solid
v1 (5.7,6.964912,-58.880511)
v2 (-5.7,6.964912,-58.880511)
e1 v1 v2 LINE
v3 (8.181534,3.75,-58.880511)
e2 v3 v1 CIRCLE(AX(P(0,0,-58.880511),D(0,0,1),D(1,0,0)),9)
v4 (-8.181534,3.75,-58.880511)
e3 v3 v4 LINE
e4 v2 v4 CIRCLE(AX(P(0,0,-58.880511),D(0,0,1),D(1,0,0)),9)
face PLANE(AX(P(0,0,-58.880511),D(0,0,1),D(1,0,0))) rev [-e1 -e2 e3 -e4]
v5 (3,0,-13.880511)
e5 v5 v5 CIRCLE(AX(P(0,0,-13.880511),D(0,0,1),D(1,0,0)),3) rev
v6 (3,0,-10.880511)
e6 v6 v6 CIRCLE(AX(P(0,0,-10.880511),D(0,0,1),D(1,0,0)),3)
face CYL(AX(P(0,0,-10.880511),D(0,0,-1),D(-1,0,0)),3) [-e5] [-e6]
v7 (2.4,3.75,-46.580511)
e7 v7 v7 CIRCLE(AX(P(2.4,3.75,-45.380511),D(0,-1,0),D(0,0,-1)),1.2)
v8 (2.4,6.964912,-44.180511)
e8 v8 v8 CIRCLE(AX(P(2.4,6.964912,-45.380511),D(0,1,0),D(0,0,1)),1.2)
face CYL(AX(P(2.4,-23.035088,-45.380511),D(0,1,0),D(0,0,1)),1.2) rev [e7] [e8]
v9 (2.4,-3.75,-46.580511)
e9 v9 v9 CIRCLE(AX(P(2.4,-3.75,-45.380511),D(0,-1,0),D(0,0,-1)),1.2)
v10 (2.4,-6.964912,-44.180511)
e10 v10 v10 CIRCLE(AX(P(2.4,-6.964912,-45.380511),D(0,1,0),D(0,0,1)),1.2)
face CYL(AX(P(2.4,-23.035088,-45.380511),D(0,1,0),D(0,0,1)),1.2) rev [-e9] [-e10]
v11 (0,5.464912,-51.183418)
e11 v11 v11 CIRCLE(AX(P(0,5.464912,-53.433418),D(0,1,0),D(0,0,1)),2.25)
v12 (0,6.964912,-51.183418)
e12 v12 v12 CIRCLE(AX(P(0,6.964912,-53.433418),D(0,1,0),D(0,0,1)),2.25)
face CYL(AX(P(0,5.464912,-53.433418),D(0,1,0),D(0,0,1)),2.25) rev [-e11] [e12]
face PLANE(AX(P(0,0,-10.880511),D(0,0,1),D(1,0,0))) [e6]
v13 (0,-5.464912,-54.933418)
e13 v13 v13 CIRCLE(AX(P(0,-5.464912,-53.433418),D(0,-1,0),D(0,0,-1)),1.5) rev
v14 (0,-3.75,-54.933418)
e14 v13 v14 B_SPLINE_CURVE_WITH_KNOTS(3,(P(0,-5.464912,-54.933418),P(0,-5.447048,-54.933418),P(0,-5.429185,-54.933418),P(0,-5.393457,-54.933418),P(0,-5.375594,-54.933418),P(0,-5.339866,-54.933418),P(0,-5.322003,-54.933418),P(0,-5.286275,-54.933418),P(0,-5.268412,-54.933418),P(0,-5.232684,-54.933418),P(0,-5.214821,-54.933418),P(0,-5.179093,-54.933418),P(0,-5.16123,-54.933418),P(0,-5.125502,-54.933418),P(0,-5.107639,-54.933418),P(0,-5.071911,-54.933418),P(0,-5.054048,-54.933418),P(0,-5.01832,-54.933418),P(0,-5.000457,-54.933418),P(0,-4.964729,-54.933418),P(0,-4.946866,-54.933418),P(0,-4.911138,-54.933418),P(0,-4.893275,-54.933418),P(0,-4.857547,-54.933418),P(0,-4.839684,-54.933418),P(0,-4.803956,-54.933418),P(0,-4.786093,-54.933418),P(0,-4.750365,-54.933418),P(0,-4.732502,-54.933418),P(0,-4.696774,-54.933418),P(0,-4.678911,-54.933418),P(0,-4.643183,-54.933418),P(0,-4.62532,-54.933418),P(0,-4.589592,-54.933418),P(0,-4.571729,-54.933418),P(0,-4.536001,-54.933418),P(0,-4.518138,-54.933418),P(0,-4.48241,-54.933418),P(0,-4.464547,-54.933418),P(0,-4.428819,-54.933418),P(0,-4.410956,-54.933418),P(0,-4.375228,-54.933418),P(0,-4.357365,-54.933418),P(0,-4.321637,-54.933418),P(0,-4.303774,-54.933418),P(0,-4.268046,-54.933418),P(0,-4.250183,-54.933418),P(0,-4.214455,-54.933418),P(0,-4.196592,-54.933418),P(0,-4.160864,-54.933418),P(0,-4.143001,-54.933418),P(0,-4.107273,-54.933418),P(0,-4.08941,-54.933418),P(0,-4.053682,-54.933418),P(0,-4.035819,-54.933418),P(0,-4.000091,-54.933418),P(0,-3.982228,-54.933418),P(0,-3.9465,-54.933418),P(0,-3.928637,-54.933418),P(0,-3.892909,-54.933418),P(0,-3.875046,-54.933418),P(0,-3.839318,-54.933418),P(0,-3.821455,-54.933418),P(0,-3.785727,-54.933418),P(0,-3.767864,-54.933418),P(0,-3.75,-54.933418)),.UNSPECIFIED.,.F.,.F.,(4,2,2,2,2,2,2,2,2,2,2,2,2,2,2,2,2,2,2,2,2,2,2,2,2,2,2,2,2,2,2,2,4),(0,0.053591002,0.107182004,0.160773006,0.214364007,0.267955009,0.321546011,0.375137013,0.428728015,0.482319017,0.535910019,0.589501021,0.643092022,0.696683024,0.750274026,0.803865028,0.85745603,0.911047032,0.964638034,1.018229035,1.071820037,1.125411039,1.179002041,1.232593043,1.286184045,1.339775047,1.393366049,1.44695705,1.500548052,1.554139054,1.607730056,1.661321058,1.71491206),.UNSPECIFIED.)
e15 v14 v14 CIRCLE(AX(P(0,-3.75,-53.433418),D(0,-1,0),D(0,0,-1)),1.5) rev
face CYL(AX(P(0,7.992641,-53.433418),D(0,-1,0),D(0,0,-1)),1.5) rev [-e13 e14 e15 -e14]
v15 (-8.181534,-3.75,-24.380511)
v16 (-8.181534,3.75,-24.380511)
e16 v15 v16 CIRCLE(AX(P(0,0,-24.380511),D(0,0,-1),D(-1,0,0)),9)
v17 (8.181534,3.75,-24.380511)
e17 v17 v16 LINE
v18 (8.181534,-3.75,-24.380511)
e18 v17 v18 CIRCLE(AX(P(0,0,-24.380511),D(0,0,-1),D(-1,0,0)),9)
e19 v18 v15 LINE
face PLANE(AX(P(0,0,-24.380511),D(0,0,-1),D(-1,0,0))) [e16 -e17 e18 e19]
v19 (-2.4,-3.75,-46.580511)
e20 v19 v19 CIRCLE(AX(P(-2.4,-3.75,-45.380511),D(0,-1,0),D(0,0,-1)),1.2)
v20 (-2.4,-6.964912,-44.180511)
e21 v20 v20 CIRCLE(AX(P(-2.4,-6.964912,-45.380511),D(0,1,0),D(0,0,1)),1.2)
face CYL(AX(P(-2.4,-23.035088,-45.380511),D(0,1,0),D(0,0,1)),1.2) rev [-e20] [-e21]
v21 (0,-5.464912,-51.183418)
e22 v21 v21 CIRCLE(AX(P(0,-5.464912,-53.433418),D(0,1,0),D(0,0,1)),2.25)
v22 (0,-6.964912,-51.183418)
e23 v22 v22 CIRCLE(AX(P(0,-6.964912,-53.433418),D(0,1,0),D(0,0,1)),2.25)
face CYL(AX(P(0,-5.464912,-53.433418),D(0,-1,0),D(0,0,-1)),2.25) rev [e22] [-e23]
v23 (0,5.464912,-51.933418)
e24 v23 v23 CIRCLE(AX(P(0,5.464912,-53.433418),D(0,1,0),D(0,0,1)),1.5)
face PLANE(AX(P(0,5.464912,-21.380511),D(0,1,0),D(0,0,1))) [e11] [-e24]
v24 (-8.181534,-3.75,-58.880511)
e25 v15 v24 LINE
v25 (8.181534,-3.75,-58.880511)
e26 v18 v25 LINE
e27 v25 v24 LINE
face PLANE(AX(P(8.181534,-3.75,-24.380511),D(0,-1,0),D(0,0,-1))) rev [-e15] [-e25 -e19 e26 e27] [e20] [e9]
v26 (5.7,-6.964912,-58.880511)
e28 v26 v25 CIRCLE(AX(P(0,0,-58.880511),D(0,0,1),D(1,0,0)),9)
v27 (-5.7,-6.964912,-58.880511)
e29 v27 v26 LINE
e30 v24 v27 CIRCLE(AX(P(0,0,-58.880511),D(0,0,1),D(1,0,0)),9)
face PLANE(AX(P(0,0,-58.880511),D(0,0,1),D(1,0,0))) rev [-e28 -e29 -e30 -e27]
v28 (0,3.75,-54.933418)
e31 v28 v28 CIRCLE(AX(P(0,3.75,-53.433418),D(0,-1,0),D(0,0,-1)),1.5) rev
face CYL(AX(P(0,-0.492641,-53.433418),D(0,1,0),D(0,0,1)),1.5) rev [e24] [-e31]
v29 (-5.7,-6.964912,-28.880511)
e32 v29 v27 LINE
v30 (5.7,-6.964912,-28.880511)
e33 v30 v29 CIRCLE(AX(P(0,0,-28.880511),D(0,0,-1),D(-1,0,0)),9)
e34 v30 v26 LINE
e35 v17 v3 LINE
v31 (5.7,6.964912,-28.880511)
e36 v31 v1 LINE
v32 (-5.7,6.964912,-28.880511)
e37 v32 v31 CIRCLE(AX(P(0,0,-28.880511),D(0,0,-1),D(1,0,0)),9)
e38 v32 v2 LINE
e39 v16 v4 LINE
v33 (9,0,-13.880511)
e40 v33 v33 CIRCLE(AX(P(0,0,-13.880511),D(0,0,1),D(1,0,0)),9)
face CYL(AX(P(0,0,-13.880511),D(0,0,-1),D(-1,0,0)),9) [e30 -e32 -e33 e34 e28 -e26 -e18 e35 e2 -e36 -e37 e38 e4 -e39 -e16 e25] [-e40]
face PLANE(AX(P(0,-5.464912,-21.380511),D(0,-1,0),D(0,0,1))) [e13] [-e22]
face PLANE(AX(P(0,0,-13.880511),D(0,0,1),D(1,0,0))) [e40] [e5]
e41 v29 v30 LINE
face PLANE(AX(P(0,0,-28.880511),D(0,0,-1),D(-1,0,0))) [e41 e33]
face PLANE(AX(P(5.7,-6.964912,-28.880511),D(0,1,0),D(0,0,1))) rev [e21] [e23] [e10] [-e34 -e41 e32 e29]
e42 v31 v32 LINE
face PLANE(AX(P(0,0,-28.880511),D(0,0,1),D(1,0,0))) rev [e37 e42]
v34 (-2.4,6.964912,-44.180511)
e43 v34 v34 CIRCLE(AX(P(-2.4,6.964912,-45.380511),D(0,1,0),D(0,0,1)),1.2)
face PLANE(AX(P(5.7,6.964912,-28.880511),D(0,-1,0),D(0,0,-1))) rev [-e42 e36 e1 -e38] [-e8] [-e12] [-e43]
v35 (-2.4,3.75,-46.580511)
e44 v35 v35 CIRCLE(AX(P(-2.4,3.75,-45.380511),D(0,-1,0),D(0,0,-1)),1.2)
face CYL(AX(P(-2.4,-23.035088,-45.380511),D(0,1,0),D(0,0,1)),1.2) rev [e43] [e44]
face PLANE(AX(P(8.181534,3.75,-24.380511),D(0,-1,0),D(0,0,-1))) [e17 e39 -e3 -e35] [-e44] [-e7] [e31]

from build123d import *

# Parameters (mm, degrees)
IZIM1_R                     = 30
IZIM1_R_2                   = 10
Y_KSEKLIK_EKSTR_ZYON2_DEPTH = 25
IZIM1_4_R                   = 10
Y_KSEKLIK_EKSTR_ZYON3_DEPTH = 35
Y_KSEKLIK_EKSTR_ZYON4_START = -125
IZIM1_5_R                   = 30
IZIM1_5_R_2                 = 10
Y_KSEKLIK_EKSTR_ZYON4_DEPTH = 125
IZIM3_W                     = 54.543560574
IZIM3_H                     = 25
KES_EKSTR_ZYON1_DEPTH       = 115
KES_EKSTR_ZYON2_DEPTH       = 100
IZIM5_R                     = 4
KES_EKSTR_ZYON3_DEPTH       = 100
KES_EKSTR_ZYON4_DEPTH       = 5
KES_EKSTR_ZYON5_DEPTH       = 35.716373532
L_EK1_SCALE                 = 0.3


with BuildPart() as part:
    # Çizim1 → Yükseklik-Ekstrüzyon2 (new body)
    # profile 1 of 2: a face of its own
    with BuildSketch(Plane.XY):
        Circle(IZIM1_R)
        Circle(IZIM1_R_2, mode=Mode.SUBTRACT)
    # profile 2 of 2: a face of its own
    with BuildSketch(Plane.XY):
        Circle(IZIM1_R_2)
    extrude(amount=Y_KSEKLIK_EKSTR_ZYON2_DEPTH)

    # Çizim1<4> → Yükseklik-Ekstrüzyon3 (add)
    with BuildSketch(Plane.XY):
        Circle(IZIM1_4_R)
    extrude(amount=Y_KSEKLIK_EKSTR_ZYON3_DEPTH)

    # Çizim1<5> → Yükseklik-Ekstrüzyon4 (add)
    # profile 1 of 2: a face of its own
    with BuildSketch(Plane.XY.offset(Y_KSEKLIK_EKSTR_ZYON4_START)):
        Circle(IZIM1_5_R)
        Circle(IZIM1_5_R_2, mode=Mode.SUBTRACT)
    # profile 2 of 2: a face of its own
    with BuildSketch(Plane.XY.offset(Y_KSEKLIK_EKSTR_ZYON4_START)):
        Circle(IZIM1_5_R_2)
    extrude(amount=Y_KSEKLIK_EKSTR_ZYON4_DEPTH)

    # Çizim3 → Kes-Ekstrüzyon1 (cut)
    with BuildSketch(Plane(origin=(0, 0, -125), x_dir=(-1, 0, 0), z_dir=(0, 0, -1))):
        Rectangle(IZIM3_W, IZIM3_H)
        with BuildLine():
            Line((-27.271780287, -12.5), (-27.271780287, 12.5))
            ThreePointArc((-27.271780287, 12.5), (-30, 0), (-27.271780287, -12.5))
        make_face()
        with BuildLine():
            ThreePointArc((27.271780287, -12.5), (30, 0), (27.271780287, 12.5))
            Line((27.271780287, 12.5), (27.271780287, -12.5))
        make_face()
    extrude(amount=-KES_EKSTR_ZYON1_DEPTH, mode=Mode.SUBTRACT)

    # Çizim4 → Kes-Ekstrüzyon2 (cut)
    with BuildSketch(Plane(origin=(0, 0, -125), x_dir=(-1, 0, 0), z_dir=(0, 0, -1))):
        with BuildLine():
            Line((-19, 23.216373532), (19, 23.216373532))
            ThreePointArc((19, 23.216373532), (0, 30), (-19, 23.216373532))
        make_face()
        with BuildLine():
            Line((-19, -23.216373532), (19, -23.216373532))
            ThreePointArc((19, -23.216373532), (0, -30), (-19, -23.216373532))
        make_face()
    extrude(amount=-KES_EKSTR_ZYON2_DEPTH, mode=Mode.SUBTRACT)

    # Çizim5 → Kes-Ekstrüzyon3 (cut)
    with BuildSketch(Plane(origin=(0, 23.216373532, 0), x_dir=(1, 0, 0), z_dir=(0, 1, 0))):
        with Locations(Location((-8, 80, 0), (0, 0, 270))):
            Circle(IZIM5_R)
        with Locations(Location((8, 80, 0), (0, 0, 270))):
            Circle(IZIM5_R)
    extrude(amount=-KES_EKSTR_ZYON3_DEPTH, mode=Mode.SUBTRACT)

    # Çizim6 → Kes-Ekstrüzyon4 (cut)
    with BuildSketch(Plane(origin=(0, 23.216373532, 0), x_dir=(1, 0, 0), z_dir=(0, 1, 0))):
        with BuildLine():
            ThreePointArc((5, 106.843021333), (3.535533906, 110.378555239), (0, 111.843021333))
            Line((0, 111.843021333), (0, 101.843021333))
            ThreePointArc((0, 101.843021333), (3.535533906, 103.307487427), (5, 106.843021333))
        make_face()
        with BuildLine():
            Line((0, 101.843021333), (0, 111.843021333))
            ThreePointArc((0, 111.843021333), (-5, 106.843021333), (0, 101.843021333))
        make_face()
        with BuildLine():
            ThreePointArc((7.5, 106.843021333), (5.303300859, 112.146322192), (0, 114.343021333))
            Line((0, 114.343021333), (0, 111.843021333))
            ThreePointArc((0, 111.843021333), (3.535533906, 110.378555239), (5, 106.843021333))
            ThreePointArc((5, 106.843021333), (3.535533906, 103.307487427), (0, 101.843021333))
            Line((0, 101.843021333), (0, 99.343021333))
            ThreePointArc((0, 99.343021333), (5.303300859, 101.539720474), (7.5, 106.843021333))
        make_face()
        with BuildLine():
            Line((0, 111.843021333), (0, 114.343021333))
            ThreePointArc((0, 114.343021333), (-7.5, 106.843021333), (0, 99.343021333))
            Line((0, 99.343021333), (0, 101.843021333))
            ThreePointArc((0, 101.843021333), (-5, 106.843021333), (0, 111.843021333))
        make_face()
    kes_ekstr_zyon4 = extrude(amount=-KES_EKSTR_ZYON4_DEPTH, mode=Mode.SUBTRACT)

    # Çizim6<3> → Kes-Ekstrüzyon5 (cut)
    with BuildSketch(Plane(origin=(0, 23.216373532, 0), x_dir=(1, 0, 0), z_dir=(0, 1, 0))):
        with BuildLine():
            ThreePointArc((5, 106.843021333), (3.535533906, 110.378555239), (0, 111.843021333))
            Line((0, 111.843021333), (0, 101.843021333))
            ThreePointArc((0, 101.843021333), (3.535533906, 103.307487427), (5, 106.843021333))
        make_face()
        with BuildLine():
            Line((0, 101.843021333), (0, 111.843021333))
            ThreePointArc((0, 111.843021333), (-5, 106.843021333), (0, 101.843021333))
        make_face()
    kes_ekstr_zyon5 = extrude(amount=-KES_EKSTR_ZYON5_DEPTH, mode=Mode.SUBTRACT)

    # Aynalama1: Kes-Ekstrüzyon4, Kes-Ekstrüzyon5 across plane
    add(kes_ekstr_zyon4.mirror(Plane.ZX), mode=Mode.SUBTRACT)
    add(kes_ekstr_zyon5.mirror(Plane.ZX), mode=Mode.SUBTRACT)


with BuildPart() as part_1:
    # Ölçek1: scaled about (0, 0, -30.54358769)
    add(part.part.scale(L_EK1_SCALE).moved(Location((0, 0, -21.380511383))))


solid = part_1.part
